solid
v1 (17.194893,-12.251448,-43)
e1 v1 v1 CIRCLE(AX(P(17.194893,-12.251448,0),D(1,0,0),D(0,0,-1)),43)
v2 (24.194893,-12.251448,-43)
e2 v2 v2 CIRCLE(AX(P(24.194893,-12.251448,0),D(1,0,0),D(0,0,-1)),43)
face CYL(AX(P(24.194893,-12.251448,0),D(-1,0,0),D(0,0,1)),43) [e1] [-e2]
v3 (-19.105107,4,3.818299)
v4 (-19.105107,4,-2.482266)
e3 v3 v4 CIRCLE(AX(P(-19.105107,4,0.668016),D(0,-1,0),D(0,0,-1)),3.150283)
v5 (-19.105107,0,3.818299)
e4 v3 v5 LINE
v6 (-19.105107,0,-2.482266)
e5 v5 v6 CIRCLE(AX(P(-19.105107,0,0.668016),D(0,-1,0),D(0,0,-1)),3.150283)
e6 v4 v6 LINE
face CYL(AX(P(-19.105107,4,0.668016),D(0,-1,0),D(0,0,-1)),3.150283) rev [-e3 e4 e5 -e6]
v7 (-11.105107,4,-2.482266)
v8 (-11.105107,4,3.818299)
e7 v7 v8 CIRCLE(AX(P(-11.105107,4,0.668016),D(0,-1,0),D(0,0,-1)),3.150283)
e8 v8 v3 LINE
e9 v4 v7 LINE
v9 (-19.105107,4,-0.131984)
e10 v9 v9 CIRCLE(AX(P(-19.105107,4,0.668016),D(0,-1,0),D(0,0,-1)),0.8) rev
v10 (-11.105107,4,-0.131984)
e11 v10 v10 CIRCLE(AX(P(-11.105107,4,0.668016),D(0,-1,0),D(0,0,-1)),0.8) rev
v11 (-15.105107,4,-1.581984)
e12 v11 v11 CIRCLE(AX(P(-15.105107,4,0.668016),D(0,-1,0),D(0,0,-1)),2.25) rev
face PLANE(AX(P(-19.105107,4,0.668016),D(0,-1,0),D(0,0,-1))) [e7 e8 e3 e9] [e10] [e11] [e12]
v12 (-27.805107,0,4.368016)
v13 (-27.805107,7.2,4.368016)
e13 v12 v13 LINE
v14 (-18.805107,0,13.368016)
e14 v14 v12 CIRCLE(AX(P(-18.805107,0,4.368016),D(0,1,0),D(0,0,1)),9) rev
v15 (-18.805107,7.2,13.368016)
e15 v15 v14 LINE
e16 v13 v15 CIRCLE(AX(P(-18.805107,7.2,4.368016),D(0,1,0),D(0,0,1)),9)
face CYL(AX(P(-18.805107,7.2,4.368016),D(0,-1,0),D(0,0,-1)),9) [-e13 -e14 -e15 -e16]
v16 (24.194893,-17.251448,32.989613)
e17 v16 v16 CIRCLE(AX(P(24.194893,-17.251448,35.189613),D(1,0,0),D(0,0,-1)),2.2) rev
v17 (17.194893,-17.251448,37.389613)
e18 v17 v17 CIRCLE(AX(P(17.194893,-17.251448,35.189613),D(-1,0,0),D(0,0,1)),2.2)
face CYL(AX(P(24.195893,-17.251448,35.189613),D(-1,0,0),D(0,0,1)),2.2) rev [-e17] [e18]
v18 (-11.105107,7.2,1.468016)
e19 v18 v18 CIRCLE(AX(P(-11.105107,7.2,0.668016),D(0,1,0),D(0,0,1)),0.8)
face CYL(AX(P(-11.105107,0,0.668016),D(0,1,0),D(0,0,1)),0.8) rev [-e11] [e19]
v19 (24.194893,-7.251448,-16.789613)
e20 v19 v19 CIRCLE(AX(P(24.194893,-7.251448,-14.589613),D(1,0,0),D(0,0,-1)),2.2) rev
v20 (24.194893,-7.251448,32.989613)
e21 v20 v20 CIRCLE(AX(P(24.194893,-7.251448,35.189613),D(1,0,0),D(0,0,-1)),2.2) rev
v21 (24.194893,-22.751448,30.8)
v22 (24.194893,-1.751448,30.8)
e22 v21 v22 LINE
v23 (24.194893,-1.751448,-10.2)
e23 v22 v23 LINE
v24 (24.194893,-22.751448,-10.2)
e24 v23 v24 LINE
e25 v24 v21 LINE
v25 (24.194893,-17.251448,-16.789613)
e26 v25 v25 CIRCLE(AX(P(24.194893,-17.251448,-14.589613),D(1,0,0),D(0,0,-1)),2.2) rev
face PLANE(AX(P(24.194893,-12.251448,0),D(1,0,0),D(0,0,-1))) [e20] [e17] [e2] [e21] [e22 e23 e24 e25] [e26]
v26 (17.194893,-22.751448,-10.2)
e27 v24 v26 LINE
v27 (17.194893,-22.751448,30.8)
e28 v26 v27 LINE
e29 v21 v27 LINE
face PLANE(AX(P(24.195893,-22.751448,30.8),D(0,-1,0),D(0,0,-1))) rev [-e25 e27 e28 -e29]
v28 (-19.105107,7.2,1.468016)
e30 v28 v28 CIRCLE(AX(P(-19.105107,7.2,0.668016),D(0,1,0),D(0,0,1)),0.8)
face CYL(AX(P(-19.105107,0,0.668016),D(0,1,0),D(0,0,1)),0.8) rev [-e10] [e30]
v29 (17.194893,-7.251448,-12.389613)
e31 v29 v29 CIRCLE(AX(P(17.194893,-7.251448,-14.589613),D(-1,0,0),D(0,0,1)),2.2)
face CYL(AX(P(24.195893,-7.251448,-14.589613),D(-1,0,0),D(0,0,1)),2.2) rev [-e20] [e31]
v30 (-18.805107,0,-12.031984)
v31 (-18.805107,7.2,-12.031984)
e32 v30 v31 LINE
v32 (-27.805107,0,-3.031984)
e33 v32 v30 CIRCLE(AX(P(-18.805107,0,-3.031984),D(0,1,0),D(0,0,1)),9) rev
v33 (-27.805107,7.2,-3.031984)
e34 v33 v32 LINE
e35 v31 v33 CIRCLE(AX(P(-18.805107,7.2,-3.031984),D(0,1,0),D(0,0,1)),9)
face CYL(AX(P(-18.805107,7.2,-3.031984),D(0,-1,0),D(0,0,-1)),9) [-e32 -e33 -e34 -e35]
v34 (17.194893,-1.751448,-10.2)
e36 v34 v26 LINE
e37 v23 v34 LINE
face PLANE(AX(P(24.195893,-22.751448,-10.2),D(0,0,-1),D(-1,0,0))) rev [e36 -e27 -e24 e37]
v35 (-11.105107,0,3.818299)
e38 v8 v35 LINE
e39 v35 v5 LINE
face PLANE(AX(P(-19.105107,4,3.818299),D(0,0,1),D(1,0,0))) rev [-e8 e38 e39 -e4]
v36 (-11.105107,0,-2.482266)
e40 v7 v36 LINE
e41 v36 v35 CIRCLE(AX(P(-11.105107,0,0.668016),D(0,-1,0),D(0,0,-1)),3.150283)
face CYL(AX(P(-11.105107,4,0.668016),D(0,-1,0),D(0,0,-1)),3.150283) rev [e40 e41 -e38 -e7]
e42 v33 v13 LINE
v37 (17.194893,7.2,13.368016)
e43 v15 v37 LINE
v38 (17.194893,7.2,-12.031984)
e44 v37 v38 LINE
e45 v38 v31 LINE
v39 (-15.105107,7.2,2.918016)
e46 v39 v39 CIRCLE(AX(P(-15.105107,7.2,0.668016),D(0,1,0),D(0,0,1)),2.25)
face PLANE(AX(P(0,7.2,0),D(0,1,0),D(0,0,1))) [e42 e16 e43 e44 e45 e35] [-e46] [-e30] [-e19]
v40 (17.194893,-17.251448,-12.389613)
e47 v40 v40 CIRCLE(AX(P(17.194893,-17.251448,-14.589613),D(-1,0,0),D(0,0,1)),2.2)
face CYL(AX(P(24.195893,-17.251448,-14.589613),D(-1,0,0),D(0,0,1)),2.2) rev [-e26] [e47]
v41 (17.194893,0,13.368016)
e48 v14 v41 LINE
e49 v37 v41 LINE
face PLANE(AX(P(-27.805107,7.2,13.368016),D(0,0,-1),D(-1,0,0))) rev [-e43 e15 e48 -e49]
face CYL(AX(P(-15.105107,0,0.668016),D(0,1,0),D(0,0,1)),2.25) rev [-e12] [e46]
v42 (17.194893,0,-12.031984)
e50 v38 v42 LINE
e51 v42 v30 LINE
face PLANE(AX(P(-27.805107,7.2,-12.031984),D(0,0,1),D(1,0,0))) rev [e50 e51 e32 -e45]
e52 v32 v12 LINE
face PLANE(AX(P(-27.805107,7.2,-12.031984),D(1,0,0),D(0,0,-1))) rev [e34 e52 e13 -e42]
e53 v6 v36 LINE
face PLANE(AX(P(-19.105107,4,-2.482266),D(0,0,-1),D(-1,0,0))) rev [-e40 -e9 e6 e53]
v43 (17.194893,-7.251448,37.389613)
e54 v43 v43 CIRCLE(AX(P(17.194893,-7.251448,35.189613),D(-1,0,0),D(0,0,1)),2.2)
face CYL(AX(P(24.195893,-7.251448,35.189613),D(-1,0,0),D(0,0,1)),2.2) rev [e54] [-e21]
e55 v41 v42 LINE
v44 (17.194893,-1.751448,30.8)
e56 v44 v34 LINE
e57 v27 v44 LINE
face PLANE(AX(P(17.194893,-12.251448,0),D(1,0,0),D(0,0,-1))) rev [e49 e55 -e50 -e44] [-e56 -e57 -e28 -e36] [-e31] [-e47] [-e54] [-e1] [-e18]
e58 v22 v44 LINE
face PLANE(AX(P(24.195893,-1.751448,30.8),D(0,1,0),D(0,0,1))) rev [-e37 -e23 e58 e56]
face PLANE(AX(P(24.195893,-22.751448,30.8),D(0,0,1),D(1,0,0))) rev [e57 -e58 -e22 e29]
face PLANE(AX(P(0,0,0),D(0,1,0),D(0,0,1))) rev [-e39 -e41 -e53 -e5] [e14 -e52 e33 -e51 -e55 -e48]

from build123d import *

# Parameters (mm, degrees)
SKETCH1_W           = 45
SKETCH1_H           = 25.4
BOSS_EXTRUDE1_DEPTH = 7.2
FILLET1_R           = 9
SKETCH5_R           = 2.25
SKETCH5_R_2         = 0.8
CUT_EXTRUDE1_DEPTH  = 32.680717235
CUT_EXTRUDE2_DEPTH  = 4
SKETCH7_R           = 43
BOSS_EXTRUDE2_DEPTH = 7
CUT_EXTRUDE5_REACH  = 89.211
SKETCH10_R          = 4.070055362
CUT_EXTRUDE6_REACH  = 85.227
SKETCH11_R          = 2.2
SKETCH11_W          = 41
SKETCH11_H          = 21


with BuildPart() as part:
    # Sketch1 → Boss-Extrude1 (new body)
    with BuildSketch(Plane(origin=(0, 0, 0), x_dir=(1, 0, 0), z_dir=(0, 1, 0))):
        with Locations((-5.305107108, -0.668016429)):
            Rectangle(SKETCH1_W, SKETCH1_H)
    extrude(amount=BOSS_EXTRUDE1_DEPTH)

    # Fillet1
    fillet1_edges = [part.edges().sort_by_distance(p)[0] for p in [
        (-27.805107108, 3.6, -12.031983571),
        (-27.805107108, 3.6, 13.368016429),
    ]]
    fillet(fillet1_edges, radius=FILLET1_R)

    # Sketch5 → Cut-Extrude1 (cut, through all)
    with BuildSketch(Plane(origin=(0, 7.2, 0), x_dir=(1, 0, 0), z_dir=(0, 1, 0))):
        with Locations(Location((-15.105107108, -0.668016429, 0), (0, 0, 270))):
            Circle(SKETCH5_R)
        with Locations(Location((-19.105107108, -0.668016429, 0), (0, 0, 270))):
            Circle(SKETCH5_R_2)
        with Locations(Location((-11.105107108, -0.668016429, 0), (0, 0, 270))):
            Circle(SKETCH5_R_2)
    extrude(amount=-CUT_EXTRUDE1_DEPTH, mode=Mode.SUBTRACT)

    # Sketch6 → Cut-Extrude2 (cut)
    with BuildSketch(Plane.XZ):
        with BuildLine():
            Line((-19.105107108, 3.818299004), (-11.105107108, 3.818299004))
            ThreePointArc((-11.105107108, 3.818299004), (-7.954824533, 0.668016429), (-11.105107108, -2.482266146))
            Line((-11.105107108, -2.482266146), (-19.105107108, -2.482266146))
            ThreePointArc((-19.105107108, -2.482266146), (-22.255389683, 0.668016429), (-19.105107108, 3.818299004))
        make_face()
    extrude(amount=-CUT_EXTRUDE2_DEPTH, mode=Mode.SUBTRACT)

    # Sketch7 → Boss-Extrude2 (add)
    with BuildSketch(Plane(origin=(17.194892892, 0, 0), x_dir=(0, 0, -1), z_dir=(1, 0, 0))):
        with Locations((0, -12.251447975)):
            Circle(SKETCH7_R)
    extrude(amount=BOSS_EXTRUDE2_DEPTH)

    # Sketch10 → Cut-Extrude5 (cut, up to next)
    with BuildSketch(Plane(origin=(24.194892892, 0, 0), x_dir=(0, 0, -1), z_dir=(1, 0, 0)), mode=Mode.PRIVATE) as cut_extrude5_sk1:
        with Locations((0, -12.251447975)):
            Circle(SKETCH10_R)
    cut_extrude5_tool1 = extrude(cut_extrude5_sk1.sketch, amount=-CUT_EXTRUDE5_REACH, mode=Mode.PRIVATE) & part.part
    add(cut_extrude5_tool1.solids().sort_by_distance((24.194893, -12.251448, 0))[0], mode=Mode.SUBTRACT)

    # Sketch11 → Cut-Extrude6 (cut, up to next)
    with BuildSketch(Plane.ZY.offset(-17.194892892), mode=Mode.PRIVATE) as cut_extrude6_sk1:
        with Locations((35.189613301, -7.251447975)):
            Circle(SKETCH11_R)
    cut_extrude6_tool1 = extrude(cut_extrude6_sk1.sketch, amount=-CUT_EXTRUDE6_REACH, mode=Mode.PRIVATE) & part.part
    # Sketch11 → Cut-Extrude6 (cut, up to next)
    with BuildSketch(Plane.ZY.offset(-17.194892892), mode=Mode.PRIVATE) as cut_extrude6_sk2:
        with Locations((35.189613301, -17.251447975)):
            Circle(SKETCH11_R)
    cut_extrude6_tool2 = extrude(cut_extrude6_sk2.sketch, amount=-CUT_EXTRUDE6_REACH, mode=Mode.PRIVATE) & part.part
    # Sketch11 → Cut-Extrude6 (cut, up to next)
    with BuildSketch(Plane.ZY.offset(-17.194892892), mode=Mode.PRIVATE) as cut_extrude6_sk3:
        with Locations((-14.589613301, -7.251447975)):
            Circle(SKETCH11_R)
    cut_extrude6_tool3 = extrude(cut_extrude6_sk3.sketch, amount=-CUT_EXTRUDE6_REACH, mode=Mode.PRIVATE) & part.part
    # Sketch11 → Cut-Extrude6 (cut, up to next)
    with BuildSketch(Plane.ZY.offset(-17.194892892), mode=Mode.PRIVATE) as cut_extrude6_sk4:
        with Locations((-14.589613301, -17.251447975)):
            Circle(SKETCH11_R)
    cut_extrude6_tool4 = extrude(cut_extrude6_sk4.sketch, amount=-CUT_EXTRUDE6_REACH, mode=Mode.PRIVATE) & part.part
    # Sketch11 → Cut-Extrude6 (cut, up to next)
    with BuildSketch(Plane.ZY.offset(-17.194892892), mode=Mode.PRIVATE) as cut_extrude6_sk5:
        with Locations((10.3, -12.251447975)):
            Rectangle(SKETCH11_W, SKETCH11_H)
    cut_extrude6_tool5 = extrude(cut_extrude6_sk5.sketch, amount=-CUT_EXTRUDE6_REACH, mode=Mode.PRIVATE) & part.part
    add(cut_extrude6_tool1.solids().sort_by_distance((17.194893, -7.251448, 35.189613))[0], mode=Mode.SUBTRACT)
    add(cut_extrude6_tool2.solids().sort_by_distance((17.194893, -17.251448, 35.189613))[0], mode=Mode.SUBTRACT)
    add(cut_extrude6_tool3.solids().sort_by_distance((17.194893, -7.251448, -14.589613))[0], mode=Mode.SUBTRACT)
    add(cut_extrude6_tool4.solids().sort_by_distance((17.194893, -17.251448, -14.589613))[0], mode=Mode.SUBTRACT)
    add(cut_extrude6_tool5.solids().sort_by_distance((17.194893, -12.251448, 10.3))[0], mode=Mode.SUBTRACT)


solid = part.part
